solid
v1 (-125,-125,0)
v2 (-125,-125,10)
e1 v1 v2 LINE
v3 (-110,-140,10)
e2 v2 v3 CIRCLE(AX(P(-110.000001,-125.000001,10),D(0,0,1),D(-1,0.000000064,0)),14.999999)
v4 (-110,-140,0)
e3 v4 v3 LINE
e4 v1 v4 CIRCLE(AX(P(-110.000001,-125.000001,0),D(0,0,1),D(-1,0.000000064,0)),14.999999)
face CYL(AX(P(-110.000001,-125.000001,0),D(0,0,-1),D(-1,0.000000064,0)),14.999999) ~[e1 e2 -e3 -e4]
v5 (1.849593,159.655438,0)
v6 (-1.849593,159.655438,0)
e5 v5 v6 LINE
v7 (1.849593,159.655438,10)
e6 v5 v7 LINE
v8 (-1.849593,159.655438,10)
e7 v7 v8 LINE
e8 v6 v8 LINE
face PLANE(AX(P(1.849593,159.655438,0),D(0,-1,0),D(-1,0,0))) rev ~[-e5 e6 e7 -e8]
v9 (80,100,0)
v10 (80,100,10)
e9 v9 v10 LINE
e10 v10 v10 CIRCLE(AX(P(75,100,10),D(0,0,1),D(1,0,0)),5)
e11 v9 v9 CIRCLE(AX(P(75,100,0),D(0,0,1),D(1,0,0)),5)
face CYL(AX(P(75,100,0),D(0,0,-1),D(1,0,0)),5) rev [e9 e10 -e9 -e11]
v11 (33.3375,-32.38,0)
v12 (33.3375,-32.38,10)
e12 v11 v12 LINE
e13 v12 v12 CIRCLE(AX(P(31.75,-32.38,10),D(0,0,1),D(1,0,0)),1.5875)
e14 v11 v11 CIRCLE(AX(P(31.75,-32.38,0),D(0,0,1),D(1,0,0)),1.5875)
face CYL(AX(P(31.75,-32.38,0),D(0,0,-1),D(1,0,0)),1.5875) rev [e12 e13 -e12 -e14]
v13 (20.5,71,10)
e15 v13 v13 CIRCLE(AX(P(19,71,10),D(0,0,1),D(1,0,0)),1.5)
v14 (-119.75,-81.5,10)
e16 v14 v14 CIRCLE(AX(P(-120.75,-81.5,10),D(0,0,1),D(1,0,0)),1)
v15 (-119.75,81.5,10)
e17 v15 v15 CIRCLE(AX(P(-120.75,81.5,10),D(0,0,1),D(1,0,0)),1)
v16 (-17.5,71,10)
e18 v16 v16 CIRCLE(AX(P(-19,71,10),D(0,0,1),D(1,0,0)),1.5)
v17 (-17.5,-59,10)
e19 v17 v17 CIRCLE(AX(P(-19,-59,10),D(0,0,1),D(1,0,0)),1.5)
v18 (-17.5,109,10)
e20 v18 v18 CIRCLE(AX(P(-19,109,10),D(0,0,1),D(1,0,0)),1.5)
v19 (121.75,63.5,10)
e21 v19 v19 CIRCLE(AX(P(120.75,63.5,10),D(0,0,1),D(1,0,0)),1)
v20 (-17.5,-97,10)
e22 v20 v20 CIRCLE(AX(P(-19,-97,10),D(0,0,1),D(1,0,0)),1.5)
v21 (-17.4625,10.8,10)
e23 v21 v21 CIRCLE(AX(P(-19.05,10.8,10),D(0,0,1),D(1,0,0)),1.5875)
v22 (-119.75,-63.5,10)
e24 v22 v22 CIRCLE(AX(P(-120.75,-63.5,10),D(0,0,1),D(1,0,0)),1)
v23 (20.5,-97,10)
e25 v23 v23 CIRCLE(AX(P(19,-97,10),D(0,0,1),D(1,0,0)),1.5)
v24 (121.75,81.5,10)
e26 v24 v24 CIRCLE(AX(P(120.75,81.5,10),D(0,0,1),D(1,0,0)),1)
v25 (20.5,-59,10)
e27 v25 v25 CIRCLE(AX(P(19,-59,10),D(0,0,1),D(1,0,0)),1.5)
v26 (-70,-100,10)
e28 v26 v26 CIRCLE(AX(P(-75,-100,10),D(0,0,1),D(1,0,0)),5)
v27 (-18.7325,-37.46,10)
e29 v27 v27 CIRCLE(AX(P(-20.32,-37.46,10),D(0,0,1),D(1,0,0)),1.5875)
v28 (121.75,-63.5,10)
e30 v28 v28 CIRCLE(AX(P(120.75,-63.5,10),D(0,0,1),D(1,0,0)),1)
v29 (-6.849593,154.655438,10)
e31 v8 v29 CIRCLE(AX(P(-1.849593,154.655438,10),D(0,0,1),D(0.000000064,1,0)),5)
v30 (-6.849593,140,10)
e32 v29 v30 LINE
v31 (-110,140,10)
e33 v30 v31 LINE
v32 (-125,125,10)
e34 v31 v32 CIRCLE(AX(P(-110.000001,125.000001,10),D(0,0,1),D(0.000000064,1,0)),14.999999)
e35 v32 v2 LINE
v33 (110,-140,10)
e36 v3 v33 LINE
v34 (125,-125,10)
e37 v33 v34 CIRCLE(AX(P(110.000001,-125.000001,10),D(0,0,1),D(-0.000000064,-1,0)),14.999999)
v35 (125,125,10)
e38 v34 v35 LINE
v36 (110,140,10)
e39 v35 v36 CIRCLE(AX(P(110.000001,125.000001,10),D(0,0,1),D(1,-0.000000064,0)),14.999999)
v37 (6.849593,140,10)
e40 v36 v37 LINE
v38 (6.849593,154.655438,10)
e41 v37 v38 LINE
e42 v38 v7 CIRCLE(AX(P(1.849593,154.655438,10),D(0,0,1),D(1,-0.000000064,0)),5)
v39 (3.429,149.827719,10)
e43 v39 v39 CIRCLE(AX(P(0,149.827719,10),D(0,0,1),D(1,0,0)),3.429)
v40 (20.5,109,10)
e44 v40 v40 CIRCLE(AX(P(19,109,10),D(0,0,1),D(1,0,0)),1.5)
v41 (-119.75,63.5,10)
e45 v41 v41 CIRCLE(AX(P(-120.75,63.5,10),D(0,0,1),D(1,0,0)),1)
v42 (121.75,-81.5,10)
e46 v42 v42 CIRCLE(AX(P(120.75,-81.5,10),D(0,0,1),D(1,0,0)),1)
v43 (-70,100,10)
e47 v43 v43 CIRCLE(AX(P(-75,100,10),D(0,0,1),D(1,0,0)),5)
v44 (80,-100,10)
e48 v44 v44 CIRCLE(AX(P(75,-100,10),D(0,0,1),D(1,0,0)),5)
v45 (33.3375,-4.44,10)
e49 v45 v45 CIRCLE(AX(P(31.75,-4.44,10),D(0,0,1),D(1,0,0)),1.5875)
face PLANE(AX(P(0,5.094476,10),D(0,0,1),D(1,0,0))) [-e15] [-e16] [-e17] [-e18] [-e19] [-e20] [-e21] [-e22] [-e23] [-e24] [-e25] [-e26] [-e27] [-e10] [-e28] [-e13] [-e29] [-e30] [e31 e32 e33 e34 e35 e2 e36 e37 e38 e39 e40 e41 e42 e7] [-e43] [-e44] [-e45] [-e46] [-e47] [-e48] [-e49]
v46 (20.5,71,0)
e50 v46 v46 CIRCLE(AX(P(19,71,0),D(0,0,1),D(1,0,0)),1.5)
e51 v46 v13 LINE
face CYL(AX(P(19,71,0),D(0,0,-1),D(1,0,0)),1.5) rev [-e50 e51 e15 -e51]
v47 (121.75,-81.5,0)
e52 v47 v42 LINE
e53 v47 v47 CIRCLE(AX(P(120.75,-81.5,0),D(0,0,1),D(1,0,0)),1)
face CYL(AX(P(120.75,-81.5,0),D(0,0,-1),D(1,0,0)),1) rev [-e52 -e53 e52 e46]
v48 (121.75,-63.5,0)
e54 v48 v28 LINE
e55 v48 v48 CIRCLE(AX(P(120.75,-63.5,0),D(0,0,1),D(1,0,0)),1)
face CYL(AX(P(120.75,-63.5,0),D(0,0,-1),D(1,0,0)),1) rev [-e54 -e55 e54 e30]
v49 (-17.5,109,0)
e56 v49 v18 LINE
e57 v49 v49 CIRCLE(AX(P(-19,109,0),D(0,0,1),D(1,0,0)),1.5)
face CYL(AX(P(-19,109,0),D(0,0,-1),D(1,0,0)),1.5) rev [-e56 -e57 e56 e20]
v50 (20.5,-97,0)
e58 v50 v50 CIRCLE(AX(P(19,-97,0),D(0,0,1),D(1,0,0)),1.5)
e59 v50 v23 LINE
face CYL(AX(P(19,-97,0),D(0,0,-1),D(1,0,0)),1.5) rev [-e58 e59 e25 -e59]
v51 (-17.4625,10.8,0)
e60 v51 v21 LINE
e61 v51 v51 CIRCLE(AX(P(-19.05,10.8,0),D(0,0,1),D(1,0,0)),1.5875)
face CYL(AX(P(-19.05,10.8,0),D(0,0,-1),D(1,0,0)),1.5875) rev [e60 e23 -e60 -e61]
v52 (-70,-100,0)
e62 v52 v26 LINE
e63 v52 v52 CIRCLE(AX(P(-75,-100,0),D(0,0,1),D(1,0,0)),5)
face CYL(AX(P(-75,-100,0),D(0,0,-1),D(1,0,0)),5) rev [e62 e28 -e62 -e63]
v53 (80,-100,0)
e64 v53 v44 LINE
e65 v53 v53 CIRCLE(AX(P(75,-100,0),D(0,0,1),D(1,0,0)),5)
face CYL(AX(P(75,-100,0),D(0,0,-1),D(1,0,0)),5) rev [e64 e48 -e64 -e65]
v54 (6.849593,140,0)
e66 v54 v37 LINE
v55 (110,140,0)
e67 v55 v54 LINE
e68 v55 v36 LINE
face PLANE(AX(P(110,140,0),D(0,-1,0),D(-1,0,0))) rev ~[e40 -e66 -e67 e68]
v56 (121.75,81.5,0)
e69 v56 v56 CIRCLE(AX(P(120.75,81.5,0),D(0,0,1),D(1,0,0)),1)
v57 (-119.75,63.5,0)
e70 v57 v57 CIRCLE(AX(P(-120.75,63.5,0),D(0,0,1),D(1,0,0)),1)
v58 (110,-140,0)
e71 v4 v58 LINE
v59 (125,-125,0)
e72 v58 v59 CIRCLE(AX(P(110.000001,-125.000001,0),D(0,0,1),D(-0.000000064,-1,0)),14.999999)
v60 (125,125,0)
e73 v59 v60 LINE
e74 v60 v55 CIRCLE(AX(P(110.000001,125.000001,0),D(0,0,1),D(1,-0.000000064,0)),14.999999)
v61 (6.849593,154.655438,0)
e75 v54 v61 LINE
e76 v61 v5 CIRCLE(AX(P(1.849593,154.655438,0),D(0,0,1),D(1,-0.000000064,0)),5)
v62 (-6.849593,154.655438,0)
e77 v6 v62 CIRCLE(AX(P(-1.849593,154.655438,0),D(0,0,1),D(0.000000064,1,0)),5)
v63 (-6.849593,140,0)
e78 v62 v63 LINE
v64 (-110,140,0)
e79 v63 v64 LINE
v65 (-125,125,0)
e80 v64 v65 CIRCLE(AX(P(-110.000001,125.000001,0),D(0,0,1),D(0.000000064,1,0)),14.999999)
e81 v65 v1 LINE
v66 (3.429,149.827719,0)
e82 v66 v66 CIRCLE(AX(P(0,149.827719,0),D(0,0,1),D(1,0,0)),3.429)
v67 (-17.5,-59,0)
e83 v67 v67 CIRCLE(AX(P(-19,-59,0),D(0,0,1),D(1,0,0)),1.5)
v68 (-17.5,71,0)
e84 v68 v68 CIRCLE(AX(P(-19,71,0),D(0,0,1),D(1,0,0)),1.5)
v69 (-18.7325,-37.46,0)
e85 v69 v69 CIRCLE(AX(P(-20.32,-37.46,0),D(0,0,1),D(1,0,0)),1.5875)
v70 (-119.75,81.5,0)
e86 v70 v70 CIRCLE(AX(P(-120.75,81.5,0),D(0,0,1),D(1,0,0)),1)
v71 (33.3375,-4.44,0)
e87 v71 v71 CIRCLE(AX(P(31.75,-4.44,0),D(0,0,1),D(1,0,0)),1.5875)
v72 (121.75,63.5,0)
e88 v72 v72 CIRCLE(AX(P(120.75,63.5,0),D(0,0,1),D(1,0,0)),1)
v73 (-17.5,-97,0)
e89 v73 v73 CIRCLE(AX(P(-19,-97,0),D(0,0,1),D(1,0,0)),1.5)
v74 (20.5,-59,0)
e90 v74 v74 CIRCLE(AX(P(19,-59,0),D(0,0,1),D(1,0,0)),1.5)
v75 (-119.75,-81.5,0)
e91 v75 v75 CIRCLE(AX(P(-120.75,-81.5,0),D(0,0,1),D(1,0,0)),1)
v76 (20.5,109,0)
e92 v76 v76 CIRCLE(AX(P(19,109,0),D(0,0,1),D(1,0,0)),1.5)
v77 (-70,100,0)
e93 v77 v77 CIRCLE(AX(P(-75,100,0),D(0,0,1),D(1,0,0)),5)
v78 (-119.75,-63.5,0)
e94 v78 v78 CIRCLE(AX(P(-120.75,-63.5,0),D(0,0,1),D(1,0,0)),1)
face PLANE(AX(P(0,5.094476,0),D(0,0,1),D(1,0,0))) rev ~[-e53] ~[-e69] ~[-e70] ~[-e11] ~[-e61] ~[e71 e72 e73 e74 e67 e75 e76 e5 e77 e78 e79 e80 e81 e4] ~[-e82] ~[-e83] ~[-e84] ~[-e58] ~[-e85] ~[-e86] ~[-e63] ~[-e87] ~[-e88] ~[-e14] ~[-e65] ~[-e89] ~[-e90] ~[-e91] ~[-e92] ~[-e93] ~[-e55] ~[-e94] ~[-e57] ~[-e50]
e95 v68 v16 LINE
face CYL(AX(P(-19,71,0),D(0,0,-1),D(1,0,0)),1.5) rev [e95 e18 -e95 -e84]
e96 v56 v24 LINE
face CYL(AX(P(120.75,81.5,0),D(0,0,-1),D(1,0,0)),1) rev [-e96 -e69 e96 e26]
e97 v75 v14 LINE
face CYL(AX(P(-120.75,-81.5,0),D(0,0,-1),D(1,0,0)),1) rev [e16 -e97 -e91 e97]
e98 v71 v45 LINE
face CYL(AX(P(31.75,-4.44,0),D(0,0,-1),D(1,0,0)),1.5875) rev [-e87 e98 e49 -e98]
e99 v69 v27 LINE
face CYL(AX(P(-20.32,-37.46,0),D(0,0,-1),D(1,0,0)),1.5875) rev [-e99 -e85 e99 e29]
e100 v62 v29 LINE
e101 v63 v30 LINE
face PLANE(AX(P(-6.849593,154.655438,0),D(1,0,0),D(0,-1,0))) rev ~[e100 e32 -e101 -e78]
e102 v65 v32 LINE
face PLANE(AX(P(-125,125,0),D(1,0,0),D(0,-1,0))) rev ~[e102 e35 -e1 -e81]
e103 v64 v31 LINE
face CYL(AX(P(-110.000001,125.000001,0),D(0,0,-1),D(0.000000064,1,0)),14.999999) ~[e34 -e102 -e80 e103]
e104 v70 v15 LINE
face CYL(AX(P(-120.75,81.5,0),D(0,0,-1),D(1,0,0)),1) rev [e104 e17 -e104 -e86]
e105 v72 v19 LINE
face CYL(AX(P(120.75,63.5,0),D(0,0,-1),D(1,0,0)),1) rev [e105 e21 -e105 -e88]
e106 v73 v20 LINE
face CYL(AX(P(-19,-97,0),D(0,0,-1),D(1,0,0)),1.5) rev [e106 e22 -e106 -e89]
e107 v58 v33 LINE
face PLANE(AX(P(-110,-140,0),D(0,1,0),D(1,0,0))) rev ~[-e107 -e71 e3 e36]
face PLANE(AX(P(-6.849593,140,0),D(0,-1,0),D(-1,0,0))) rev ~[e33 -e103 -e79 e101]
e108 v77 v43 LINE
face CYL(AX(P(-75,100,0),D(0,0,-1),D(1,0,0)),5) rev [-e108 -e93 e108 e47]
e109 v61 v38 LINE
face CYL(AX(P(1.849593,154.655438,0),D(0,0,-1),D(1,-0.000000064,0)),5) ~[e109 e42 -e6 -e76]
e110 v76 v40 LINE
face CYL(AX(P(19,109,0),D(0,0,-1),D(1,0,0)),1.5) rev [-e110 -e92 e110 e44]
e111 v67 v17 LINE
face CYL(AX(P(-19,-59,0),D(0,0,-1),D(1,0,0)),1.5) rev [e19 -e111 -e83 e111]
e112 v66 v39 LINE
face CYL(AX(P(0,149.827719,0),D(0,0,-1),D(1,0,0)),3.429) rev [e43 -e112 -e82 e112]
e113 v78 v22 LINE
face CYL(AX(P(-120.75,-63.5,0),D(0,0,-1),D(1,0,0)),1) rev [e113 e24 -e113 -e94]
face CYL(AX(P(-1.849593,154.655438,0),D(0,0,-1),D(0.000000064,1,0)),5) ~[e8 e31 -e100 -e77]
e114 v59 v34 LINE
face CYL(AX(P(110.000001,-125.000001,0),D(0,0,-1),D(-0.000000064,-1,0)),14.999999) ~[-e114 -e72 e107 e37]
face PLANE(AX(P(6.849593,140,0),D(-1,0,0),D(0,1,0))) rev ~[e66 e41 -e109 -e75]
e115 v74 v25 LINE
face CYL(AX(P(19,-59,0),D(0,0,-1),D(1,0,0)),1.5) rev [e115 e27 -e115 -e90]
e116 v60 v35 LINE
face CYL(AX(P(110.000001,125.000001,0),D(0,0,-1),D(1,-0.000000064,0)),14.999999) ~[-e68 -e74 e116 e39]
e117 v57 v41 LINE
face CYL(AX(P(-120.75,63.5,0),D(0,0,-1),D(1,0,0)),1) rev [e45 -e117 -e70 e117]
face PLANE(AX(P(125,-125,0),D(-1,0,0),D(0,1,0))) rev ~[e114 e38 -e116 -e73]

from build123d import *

# Parameters (mm, degrees)
F1_R     = 1
F1_R_2   = 5
F1_R_3   = 1.5
F1_R_4   = 1.5875
F1_R_5   = 3.429
F2_DEPTH = 10


with BuildPart() as f2:
    # F1 (on Top) → F2 (new body)
    with BuildSketch(Plane.XY):
        with BuildLine():
            Line((-6.849593, 140), (-110, 140))
            ThreePointArc((-110, 140), (-120.606602, 135.606602), (-125, 125))
            Line((-125, 125), (-125, -125))
            ThreePointArc((-125, -125), (-120.606602, -135.606602), (-110, -140))
            Line((-110, -140), (110, -140))
            ThreePointArc((110, -140), (120.606602, -135.606602), (125, -125))
            Line((125, -125), (125, 125))
            ThreePointArc((125, 125), (120.606602, 135.606602), (110, 140))
            Line((110, 140), (6.849593, 140))
            Line((6.849593, 140), (6.849593, 154.655438))
            ThreePointArc((6.849593, 154.655438), (5.385127, 158.190972), (1.849593, 159.655438))
            Line((1.849593, 159.655438), (-1.849593, 159.655438))
            ThreePointArc((-1.849593, 159.655438), (-5.385127, 158.190972), (-6.849593, 154.655438))
            Line((-6.849593, 154.655438), (-6.849593, 140))
        make_face()
        with Locations((-120.75, -81.5)):
            Circle(F1_R, mode=Mode.SUBTRACT)
        with Locations((-75, -100)):
            Circle(F1_R_2, mode=Mode.SUBTRACT)
        with Locations((-120.75, -63.5)):
            Circle(F1_R, mode=Mode.SUBTRACT)
        with Locations((-19, -97)):
            Circle(F1_R_3, mode=Mode.SUBTRACT)
        with Locations((19, -97)):
            Circle(F1_R_3, mode=Mode.SUBTRACT)
        with Locations((75, -100)):
            Circle(F1_R_2, mode=Mode.SUBTRACT)
        with Locations((120.75, -81.5)):
            Circle(F1_R, mode=Mode.SUBTRACT)
        with Locations((-19, -59)):
            Circle(F1_R_3, mode=Mode.SUBTRACT)
        with Locations((-20.32, -37.46)):
            Circle(F1_R_4, mode=Mode.SUBTRACT)
        with Locations((19, -59)):
            Circle(F1_R_3, mode=Mode.SUBTRACT)
        with Locations((31.75, -32.38)):
            Circle(F1_R_4, mode=Mode.SUBTRACT)
        with Locations((31.75, -4.44)):
            Circle(F1_R_4, mode=Mode.SUBTRACT)
        with Locations((120.75, -63.5)):
            Circle(F1_R, mode=Mode.SUBTRACT)
        with Locations((-120.75, 63.5)):
            Circle(F1_R, mode=Mode.SUBTRACT)
        with Locations((-120.75, 81.5)):
            Circle(F1_R, mode=Mode.SUBTRACT)
        with Locations((-75, 100)):
            Circle(F1_R_2, mode=Mode.SUBTRACT)
        with Locations((-19.05, 10.8)):
            Circle(F1_R_4, mode=Mode.SUBTRACT)
        with Locations((-19, 71)):
            Circle(F1_R_3, mode=Mode.SUBTRACT)
        with Locations((19, 71)):
            Circle(F1_R_3, mode=Mode.SUBTRACT)
        with Locations((120.75, 63.5)):
            Circle(F1_R, mode=Mode.SUBTRACT)
        with Locations((-19, 109)):
            Circle(F1_R_3, mode=Mode.SUBTRACT)
        with Locations((19, 109)):
            Circle(F1_R_3, mode=Mode.SUBTRACT)
        with Locations((0, 149.827719)):
            Circle(F1_R_5, mode=Mode.SUBTRACT)
        with Locations((75, 100)):
            Circle(F1_R_2, mode=Mode.SUBTRACT)
        with Locations((120.75, 81.5)):
            Circle(F1_R, mode=Mode.SUBTRACT)
    extrude(amount=F2_DEPTH)


solid = f2.part
